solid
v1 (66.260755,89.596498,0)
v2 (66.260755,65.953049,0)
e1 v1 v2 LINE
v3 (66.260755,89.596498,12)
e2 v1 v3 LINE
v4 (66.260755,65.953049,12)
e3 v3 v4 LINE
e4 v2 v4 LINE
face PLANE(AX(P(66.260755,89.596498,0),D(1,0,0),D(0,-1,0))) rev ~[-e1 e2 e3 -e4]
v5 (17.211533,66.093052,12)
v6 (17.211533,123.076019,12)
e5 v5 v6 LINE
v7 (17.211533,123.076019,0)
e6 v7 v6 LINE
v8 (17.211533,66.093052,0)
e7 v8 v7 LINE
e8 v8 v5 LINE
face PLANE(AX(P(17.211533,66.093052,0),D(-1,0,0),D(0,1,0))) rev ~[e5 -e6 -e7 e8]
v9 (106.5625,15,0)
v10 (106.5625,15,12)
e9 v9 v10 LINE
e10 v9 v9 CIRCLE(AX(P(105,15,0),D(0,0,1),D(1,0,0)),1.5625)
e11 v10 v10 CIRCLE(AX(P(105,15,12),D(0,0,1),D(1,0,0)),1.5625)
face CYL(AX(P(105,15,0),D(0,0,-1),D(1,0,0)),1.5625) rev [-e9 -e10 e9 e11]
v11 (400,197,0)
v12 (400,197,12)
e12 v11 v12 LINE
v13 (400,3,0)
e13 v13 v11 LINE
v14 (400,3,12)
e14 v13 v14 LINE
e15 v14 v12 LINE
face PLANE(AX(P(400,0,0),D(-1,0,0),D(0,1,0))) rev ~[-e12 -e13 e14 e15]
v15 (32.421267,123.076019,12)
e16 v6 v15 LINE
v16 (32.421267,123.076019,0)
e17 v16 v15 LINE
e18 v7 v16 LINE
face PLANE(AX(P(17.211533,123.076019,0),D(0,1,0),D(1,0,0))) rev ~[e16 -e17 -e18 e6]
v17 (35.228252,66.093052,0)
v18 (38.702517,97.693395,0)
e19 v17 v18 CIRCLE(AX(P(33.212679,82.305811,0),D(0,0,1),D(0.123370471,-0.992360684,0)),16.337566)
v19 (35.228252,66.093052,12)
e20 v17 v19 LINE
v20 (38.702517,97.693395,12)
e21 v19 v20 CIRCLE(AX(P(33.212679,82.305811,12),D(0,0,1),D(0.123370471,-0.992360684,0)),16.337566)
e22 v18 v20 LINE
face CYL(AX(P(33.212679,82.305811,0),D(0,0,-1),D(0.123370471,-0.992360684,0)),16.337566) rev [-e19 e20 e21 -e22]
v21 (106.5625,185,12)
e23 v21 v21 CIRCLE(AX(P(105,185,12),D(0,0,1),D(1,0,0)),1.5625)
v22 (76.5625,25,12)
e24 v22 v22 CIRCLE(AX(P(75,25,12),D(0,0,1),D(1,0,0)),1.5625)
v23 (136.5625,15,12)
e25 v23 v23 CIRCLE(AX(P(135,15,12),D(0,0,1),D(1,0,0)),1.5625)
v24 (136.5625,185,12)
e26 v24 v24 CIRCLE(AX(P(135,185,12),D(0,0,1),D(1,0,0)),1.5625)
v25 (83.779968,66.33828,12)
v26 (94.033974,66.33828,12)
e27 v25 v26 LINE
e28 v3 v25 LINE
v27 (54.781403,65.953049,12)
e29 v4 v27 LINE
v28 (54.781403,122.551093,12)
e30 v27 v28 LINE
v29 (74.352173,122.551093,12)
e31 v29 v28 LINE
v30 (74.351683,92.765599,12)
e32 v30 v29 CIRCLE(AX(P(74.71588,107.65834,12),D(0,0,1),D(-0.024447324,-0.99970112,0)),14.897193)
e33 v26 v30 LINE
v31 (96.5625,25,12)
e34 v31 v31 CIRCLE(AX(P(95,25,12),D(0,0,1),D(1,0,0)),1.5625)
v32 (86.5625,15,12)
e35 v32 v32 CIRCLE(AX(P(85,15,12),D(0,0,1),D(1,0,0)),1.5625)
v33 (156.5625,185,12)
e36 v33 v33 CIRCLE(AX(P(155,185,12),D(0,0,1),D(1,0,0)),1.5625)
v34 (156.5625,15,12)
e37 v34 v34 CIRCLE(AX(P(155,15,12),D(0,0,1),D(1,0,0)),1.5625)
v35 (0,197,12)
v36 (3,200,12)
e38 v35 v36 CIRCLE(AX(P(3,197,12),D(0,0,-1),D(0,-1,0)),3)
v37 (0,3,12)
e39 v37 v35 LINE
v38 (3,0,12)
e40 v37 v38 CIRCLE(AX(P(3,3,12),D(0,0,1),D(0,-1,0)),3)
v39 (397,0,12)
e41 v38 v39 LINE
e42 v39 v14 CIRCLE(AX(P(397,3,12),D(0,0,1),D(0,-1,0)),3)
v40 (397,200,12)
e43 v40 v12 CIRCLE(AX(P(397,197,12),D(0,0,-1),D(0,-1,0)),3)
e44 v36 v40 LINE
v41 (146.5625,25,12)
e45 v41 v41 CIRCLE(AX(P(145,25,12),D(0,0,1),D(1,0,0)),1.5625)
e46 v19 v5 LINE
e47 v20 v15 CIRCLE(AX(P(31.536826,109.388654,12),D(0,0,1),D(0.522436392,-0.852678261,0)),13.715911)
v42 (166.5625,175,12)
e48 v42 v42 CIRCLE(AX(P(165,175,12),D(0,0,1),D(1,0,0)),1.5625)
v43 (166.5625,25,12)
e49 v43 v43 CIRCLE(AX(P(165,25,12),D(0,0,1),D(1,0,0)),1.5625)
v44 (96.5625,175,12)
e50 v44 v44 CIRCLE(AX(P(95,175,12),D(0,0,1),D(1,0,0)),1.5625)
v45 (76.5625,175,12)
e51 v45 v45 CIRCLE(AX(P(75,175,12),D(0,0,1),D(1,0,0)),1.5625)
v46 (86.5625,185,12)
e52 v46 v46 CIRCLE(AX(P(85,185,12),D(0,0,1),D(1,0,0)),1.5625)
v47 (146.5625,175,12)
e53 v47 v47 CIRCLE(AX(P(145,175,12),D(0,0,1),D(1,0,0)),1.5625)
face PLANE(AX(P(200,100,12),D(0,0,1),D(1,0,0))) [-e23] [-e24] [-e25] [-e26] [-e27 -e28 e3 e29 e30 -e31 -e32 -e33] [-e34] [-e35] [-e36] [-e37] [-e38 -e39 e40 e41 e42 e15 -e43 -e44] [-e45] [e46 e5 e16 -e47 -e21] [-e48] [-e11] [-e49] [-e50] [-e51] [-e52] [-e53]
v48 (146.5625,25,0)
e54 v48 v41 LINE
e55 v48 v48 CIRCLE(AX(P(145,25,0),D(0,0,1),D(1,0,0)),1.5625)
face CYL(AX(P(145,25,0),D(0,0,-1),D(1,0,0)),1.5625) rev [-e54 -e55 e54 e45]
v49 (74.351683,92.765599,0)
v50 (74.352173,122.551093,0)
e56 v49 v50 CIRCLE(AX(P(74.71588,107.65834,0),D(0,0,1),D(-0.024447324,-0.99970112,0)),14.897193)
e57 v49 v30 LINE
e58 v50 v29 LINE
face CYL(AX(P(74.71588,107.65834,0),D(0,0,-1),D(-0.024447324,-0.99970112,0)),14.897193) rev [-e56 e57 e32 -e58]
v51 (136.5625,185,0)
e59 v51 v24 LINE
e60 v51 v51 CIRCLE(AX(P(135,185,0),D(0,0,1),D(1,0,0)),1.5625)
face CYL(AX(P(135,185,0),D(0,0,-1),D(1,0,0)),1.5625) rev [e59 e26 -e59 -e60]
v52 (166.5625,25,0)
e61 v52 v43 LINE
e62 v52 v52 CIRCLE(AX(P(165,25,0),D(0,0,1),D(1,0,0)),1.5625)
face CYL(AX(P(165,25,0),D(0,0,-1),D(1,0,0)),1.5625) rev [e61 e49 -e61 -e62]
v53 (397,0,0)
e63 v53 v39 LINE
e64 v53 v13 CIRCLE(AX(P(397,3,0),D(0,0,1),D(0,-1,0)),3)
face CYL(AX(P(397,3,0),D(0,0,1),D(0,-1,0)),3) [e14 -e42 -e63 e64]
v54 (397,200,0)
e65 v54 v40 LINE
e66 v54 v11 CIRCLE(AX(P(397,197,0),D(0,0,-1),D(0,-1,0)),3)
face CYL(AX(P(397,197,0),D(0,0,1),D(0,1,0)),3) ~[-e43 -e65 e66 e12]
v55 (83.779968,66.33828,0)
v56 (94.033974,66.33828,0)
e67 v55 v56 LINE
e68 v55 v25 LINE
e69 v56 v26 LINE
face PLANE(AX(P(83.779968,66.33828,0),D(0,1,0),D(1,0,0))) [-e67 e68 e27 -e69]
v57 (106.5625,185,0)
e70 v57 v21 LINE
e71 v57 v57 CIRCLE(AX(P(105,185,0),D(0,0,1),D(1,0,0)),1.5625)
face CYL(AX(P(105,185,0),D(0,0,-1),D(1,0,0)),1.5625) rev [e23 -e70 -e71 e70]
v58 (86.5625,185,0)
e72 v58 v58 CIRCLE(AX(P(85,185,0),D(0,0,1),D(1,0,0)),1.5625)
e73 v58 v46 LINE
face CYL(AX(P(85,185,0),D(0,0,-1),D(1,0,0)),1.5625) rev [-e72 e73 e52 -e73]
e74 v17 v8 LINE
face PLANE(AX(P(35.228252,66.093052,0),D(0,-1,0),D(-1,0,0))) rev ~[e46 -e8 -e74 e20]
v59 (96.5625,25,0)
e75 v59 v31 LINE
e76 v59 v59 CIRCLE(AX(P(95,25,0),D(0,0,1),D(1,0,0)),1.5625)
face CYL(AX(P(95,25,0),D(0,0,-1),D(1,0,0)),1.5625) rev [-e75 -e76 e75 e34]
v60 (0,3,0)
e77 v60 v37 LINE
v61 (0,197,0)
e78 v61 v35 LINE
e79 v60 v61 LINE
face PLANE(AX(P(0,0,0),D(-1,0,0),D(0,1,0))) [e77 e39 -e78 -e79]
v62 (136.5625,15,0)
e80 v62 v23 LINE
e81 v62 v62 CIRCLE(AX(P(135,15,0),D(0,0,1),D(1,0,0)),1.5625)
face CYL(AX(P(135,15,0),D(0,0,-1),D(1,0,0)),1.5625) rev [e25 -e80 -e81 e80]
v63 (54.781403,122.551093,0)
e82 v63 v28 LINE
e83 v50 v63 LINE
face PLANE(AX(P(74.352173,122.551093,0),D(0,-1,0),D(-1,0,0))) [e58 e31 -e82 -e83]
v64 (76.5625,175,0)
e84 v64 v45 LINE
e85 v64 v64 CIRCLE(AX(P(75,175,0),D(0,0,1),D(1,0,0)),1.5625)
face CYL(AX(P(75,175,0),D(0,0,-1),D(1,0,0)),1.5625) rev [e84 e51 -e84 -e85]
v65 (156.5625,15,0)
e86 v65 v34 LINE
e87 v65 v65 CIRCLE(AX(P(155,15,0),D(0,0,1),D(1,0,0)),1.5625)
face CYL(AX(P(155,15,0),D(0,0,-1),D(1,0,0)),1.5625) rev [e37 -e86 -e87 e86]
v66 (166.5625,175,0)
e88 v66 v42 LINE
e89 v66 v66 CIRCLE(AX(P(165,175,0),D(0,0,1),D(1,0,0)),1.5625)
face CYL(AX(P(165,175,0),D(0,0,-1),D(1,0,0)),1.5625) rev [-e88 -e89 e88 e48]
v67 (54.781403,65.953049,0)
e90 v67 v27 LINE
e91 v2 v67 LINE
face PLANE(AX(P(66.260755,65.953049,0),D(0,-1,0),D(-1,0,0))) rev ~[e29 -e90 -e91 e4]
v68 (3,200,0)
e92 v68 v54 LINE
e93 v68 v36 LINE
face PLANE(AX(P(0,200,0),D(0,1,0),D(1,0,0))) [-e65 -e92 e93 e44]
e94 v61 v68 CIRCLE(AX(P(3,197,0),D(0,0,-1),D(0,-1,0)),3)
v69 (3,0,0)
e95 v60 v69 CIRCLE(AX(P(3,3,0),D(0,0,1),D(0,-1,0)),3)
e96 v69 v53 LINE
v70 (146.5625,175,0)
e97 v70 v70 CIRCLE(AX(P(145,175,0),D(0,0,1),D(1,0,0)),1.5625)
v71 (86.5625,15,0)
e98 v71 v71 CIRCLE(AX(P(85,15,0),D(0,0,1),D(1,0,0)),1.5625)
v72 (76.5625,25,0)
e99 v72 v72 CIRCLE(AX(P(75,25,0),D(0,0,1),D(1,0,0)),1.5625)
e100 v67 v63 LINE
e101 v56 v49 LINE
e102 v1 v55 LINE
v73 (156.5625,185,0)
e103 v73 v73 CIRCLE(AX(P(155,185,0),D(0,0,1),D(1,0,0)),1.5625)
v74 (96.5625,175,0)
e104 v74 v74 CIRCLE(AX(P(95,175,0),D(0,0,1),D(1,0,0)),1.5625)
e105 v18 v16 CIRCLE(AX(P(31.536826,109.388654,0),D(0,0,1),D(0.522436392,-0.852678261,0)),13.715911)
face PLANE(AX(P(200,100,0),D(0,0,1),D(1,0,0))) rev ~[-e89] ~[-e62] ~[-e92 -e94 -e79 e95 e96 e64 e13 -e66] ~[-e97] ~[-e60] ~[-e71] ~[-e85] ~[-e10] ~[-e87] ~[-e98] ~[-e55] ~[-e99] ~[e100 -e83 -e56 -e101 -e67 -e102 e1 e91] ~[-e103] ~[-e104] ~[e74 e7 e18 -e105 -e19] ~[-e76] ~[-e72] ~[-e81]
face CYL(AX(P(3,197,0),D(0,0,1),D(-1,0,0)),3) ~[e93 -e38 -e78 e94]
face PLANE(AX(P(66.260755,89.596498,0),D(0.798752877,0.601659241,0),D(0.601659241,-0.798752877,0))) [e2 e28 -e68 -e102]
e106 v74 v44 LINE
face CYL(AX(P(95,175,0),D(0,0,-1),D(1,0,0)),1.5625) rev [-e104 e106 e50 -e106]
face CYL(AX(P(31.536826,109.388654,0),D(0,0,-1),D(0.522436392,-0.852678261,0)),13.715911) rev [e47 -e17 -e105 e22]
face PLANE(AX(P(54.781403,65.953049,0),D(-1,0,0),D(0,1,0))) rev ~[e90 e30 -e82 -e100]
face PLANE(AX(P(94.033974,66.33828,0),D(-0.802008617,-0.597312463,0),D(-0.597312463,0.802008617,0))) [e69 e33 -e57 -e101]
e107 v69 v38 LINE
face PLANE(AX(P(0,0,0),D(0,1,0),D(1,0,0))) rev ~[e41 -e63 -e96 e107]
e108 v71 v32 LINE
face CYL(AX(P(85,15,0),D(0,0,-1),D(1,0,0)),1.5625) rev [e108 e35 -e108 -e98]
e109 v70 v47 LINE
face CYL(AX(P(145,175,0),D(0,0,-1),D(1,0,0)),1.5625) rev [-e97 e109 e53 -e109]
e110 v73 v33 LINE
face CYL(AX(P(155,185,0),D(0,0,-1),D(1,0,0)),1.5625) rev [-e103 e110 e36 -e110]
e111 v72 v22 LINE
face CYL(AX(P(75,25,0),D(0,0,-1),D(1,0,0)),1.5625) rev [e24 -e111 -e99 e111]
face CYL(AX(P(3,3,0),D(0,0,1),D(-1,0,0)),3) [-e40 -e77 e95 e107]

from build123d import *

# Parameters (mm, degrees)
SKETCH_W  = 400
SKETCH_H  = 200
SKETCH_R  = 1.5625
PAD_DEPTH = 12
FILLET_R  = 3


with BuildPart() as part:
    # Sketch → Pad (new body)
    with BuildSketch(Plane.XY):
        with Locations((200, 100)):
            Rectangle(SKETCH_W, SKETCH_H)
        with Locations((85, 15)):
            Circle(SKETCH_R, mode=Mode.SUBTRACT)
        with Locations((105, 15)):
            Circle(SKETCH_R, mode=Mode.SUBTRACT)
        with Locations((75, 25)):
            Circle(SKETCH_R, mode=Mode.SUBTRACT)
        with Locations((95, 25)):
            Circle(SKETCH_R, mode=Mode.SUBTRACT)
        with Locations((155, 15)):
            Circle(SKETCH_R, mode=Mode.SUBTRACT)
        with Locations((135, 15)):
            Circle(SKETCH_R, mode=Mode.SUBTRACT)
        with Locations((145, 25)):
            Circle(SKETCH_R, mode=Mode.SUBTRACT)
        with Locations((165, 25)):
            Circle(SKETCH_R, mode=Mode.SUBTRACT)
        with Locations((85, 185)):
            Circle(SKETCH_R, mode=Mode.SUBTRACT)
        with Locations((105, 185)):
            Circle(SKETCH_R, mode=Mode.SUBTRACT)
        with Locations((75, 175)):
            Circle(SKETCH_R, mode=Mode.SUBTRACT)
        with Locations((95, 175)):
            Circle(SKETCH_R, mode=Mode.SUBTRACT)
        with Locations((155, 185)):
            Circle(SKETCH_R, mode=Mode.SUBTRACT)
        with Locations((135, 185)):
            Circle(SKETCH_R, mode=Mode.SUBTRACT)
        with Locations((145, 175)):
            Circle(SKETCH_R, mode=Mode.SUBTRACT)
        with Locations((165, 175)):
            Circle(SKETCH_R, mode=Mode.SUBTRACT)
        with BuildLine():
            Line((17.211533, 123.076019), (32.421267, 123.076019))
            ThreePointArc((38.702517, 97.693395), (44.851125, 112.683445), (32.421267, 123.076019))
            ThreePointArc((35.228252, 66.093052), (49.45239, 80.520354), (38.702517, 97.693395))
            Line((35.228252, 66.093052), (17.211533, 66.093052))
            Line((17.211533, 66.093052), (17.211533, 123.076019))
        make_face(mode=Mode.SUBTRACT)
        with BuildLine():
            Line((66.260755, 65.953049), (54.781403, 65.953049))
            Line((54.781403, 65.953049), (54.781403, 122.551093))
            Line((74.352173, 122.551093), (54.781403, 122.551093))
            ThreePointArc((74.351683, 92.765599), (89.613073, 107.658094), (74.352173, 122.551093))
            Line((94.033974, 66.33828), (74.351683, 92.765599))
            Line((83.779968, 66.33828), (94.033974, 66.33828))
            Line((66.260755, 89.596498), (83.779968, 66.33828))
            Line((66.260755, 89.596498), (66.260755, 65.953049))
        make_face(mode=Mode.SUBTRACT)
    extrude(amount=PAD_DEPTH)

    # Fillet
    fillet_edges = [part.edges().sort_by_distance(p)[0] for p in [
        (0, 0, 6),
        (400, 0, 6),
        (400, 200, 6),
        (0, 200, 6),
    ]]
    fillet(fillet_edges, radius=FILLET_R)


solid = part.part
